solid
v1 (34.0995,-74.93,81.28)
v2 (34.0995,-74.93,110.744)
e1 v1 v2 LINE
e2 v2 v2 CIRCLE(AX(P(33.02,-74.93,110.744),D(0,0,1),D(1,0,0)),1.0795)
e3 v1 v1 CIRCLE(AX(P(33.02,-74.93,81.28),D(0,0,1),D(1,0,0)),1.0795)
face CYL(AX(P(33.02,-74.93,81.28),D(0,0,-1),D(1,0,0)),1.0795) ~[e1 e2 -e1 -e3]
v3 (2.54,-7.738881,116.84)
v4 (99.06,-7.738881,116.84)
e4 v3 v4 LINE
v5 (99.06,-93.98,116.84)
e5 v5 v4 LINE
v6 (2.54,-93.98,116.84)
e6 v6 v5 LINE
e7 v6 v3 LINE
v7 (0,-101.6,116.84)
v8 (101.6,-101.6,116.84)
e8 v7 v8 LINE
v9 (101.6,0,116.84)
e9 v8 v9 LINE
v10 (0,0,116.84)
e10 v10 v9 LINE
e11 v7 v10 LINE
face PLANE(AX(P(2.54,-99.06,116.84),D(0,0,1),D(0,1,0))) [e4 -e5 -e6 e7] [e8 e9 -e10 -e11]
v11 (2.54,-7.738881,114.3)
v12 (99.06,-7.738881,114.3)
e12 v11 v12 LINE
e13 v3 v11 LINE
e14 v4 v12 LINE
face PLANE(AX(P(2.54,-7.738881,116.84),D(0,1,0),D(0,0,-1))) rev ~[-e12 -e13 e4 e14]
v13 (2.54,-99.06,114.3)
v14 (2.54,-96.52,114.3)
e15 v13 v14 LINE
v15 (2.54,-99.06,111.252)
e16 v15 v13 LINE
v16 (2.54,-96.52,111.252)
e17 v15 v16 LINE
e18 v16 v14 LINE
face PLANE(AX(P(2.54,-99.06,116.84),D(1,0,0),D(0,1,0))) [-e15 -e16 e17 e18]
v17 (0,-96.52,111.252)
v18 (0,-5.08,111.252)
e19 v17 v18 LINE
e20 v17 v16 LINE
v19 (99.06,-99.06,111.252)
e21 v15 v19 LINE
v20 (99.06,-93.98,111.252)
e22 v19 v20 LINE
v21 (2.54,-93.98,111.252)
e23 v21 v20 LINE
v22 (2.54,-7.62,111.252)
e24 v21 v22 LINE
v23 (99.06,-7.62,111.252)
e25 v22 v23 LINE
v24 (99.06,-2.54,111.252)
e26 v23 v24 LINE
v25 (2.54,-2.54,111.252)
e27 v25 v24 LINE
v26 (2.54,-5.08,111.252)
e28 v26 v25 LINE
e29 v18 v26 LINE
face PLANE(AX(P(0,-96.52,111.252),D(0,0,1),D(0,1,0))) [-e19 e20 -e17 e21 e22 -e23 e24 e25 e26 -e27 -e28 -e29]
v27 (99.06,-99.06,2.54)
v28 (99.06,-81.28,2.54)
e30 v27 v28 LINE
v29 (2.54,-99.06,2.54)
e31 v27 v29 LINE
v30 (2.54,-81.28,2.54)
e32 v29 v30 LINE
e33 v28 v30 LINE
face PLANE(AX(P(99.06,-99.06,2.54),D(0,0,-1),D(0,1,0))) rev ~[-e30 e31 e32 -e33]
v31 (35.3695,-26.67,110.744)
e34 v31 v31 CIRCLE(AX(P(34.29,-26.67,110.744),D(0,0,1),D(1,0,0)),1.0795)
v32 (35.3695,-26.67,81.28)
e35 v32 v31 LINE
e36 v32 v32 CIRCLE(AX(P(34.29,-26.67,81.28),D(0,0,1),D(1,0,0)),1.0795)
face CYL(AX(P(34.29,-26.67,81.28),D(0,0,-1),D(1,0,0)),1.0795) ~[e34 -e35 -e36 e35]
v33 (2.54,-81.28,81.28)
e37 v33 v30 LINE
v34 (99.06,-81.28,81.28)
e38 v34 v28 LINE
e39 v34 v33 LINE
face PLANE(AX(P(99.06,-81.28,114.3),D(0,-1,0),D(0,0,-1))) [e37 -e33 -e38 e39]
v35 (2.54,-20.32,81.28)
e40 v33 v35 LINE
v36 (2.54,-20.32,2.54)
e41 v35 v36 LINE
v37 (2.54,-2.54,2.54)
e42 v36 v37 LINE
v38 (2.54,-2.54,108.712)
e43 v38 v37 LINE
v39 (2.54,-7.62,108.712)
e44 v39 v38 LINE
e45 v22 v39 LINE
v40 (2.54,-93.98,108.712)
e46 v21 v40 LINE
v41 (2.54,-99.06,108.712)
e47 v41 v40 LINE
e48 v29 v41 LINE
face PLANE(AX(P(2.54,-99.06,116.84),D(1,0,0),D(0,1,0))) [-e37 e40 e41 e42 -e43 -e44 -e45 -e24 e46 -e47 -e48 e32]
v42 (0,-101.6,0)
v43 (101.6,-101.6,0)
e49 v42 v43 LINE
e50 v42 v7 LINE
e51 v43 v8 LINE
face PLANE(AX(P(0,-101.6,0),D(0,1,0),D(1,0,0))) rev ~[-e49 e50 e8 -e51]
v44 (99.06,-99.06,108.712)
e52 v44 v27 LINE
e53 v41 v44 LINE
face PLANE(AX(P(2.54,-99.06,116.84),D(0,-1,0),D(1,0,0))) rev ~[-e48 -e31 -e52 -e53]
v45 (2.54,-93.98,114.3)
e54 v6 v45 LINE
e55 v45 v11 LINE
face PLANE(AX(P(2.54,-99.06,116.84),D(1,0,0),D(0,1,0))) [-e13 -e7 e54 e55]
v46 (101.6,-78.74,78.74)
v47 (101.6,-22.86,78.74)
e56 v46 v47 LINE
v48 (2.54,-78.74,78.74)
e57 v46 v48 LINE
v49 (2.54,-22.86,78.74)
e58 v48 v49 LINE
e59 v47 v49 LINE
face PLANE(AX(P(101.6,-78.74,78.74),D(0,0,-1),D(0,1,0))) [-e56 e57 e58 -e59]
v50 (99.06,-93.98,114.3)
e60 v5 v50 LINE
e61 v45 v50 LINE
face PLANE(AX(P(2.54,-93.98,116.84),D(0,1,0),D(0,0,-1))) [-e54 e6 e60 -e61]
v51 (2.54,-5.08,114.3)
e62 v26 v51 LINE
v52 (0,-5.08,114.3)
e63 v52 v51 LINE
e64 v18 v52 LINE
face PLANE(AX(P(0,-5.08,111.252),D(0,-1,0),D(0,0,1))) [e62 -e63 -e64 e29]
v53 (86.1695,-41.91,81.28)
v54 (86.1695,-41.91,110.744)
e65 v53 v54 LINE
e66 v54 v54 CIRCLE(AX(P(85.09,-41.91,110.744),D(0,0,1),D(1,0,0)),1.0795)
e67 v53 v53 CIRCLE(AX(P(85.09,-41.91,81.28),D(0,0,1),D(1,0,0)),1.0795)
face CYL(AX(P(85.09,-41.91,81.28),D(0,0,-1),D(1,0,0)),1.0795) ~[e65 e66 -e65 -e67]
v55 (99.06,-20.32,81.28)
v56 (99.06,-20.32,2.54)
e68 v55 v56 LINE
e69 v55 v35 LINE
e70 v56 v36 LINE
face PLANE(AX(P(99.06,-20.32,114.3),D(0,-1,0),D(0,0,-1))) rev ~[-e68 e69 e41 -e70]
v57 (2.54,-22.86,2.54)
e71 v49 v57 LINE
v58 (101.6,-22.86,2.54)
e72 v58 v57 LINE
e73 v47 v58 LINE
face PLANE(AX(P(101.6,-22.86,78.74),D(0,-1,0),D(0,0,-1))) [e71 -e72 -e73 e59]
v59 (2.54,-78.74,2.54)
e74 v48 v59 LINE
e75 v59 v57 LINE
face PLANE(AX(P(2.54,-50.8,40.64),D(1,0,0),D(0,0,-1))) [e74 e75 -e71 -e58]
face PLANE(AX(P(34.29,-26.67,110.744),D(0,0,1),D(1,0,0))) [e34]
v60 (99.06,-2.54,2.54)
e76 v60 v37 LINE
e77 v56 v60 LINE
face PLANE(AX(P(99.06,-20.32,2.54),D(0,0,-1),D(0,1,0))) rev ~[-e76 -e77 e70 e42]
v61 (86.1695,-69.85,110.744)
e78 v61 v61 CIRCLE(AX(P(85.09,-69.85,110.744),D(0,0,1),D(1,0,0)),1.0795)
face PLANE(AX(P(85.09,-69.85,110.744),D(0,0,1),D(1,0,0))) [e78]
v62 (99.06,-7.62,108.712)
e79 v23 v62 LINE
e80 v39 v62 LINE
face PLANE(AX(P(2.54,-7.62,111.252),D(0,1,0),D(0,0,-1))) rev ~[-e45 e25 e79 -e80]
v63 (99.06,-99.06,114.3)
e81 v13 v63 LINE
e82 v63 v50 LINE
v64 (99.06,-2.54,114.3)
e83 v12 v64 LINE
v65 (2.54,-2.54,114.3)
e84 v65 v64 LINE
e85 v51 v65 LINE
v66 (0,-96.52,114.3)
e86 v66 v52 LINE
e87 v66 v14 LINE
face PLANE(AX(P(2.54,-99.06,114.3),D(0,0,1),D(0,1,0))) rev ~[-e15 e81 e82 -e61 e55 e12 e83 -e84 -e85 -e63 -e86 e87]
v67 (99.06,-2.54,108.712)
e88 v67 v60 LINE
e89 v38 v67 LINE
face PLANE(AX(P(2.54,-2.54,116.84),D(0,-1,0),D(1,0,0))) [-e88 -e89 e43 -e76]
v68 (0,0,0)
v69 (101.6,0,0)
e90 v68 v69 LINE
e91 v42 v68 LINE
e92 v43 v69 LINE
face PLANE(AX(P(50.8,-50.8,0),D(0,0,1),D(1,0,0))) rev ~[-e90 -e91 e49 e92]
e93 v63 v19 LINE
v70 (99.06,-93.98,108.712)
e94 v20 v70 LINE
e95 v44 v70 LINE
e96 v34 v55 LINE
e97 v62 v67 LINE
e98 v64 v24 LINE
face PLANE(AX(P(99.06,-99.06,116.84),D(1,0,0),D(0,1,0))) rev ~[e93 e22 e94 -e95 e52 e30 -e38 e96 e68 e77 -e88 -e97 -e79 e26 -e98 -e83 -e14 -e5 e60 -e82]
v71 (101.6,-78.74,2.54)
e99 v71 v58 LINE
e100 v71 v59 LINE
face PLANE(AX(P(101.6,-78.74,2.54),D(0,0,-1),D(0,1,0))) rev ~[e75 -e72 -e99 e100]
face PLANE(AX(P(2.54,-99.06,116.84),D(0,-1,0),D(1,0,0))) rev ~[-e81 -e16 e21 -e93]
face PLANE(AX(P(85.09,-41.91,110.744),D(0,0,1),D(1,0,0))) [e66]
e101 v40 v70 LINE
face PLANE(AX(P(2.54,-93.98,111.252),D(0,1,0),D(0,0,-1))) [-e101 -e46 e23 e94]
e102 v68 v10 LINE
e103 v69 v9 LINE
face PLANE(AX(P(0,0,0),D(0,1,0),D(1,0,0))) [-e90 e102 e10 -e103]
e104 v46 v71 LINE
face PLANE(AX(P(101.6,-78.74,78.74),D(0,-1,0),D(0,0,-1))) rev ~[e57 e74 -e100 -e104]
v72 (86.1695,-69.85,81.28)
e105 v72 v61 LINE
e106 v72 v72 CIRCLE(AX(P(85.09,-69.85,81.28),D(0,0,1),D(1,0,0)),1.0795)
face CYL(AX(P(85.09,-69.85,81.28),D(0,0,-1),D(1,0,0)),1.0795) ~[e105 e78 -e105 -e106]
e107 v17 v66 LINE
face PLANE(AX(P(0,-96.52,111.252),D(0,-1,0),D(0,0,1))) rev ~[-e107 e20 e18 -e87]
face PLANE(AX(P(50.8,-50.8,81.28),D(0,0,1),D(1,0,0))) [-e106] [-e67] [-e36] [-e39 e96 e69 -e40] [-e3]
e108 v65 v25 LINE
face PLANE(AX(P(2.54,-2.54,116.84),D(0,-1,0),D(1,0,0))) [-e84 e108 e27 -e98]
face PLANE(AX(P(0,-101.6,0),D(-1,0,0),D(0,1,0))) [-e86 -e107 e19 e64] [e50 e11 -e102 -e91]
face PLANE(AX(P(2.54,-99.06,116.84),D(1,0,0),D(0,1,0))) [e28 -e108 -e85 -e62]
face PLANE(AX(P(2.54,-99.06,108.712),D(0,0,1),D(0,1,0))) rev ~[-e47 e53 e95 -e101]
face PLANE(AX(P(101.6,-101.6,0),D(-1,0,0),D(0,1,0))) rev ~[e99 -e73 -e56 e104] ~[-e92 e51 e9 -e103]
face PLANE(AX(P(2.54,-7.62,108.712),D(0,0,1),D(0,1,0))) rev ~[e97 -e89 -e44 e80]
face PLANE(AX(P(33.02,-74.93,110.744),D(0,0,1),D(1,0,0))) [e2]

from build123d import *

# Parameters (mm, degrees)
SKETCH1_W           = 101.6
SKETCH1_H           = 101.6
BOSS_EXTRUDE2_DEPTH = 116.84
SKETCH2_W           = 76.2
SKETCH2_H           = 55.88
CUT_EXTRUDE1_DEPTH  = 99.06
SKETCH3_W           = 111.76
SKETCH3_H           = 17.78
CUT_EXTRUDE2_DEPTH  = 96.52
SKETCH4_W           = 96.52
SKETCH4_H           = 96.52
CUT_EXTRUDE3_DEPTH  = 35.56
SKETCH5_R           = 1.0795
BOSS_EXTRUDE3_DEPTH = 29.464
SKETCH8_W           = 3.048
SKETCH8_H           = 91.44
CUT_EXTRUDE4_DEPTH  = 2.54
SKETCH10_W          = 2.54
SKETCH10_H          = 5.08
SKETCH10_H_2        = 5.198880867
BOSS_EXTRUDE4_DEPTH = 96.52


with BuildPart() as part:
    # Sketch1 → Boss-Extrude2 (new body)
    with BuildSketch(Plane.XY):
        with Locations((50.8, -50.8)):
            Rectangle(SKETCH1_W, SKETCH1_H)
    extrude(amount=BOSS_EXTRUDE2_DEPTH)

    # Sketch2 → Cut-Extrude1 (cut)
    with BuildSketch(Plane(origin=(101.6, 0, 0), x_dir=(0, 0, -1), z_dir=(1, 0, 0))):
        with Locations((-40.64, -50.8)):
            Rectangle(SKETCH2_W, SKETCH2_H)
    extrude(amount=-CUT_EXTRUDE1_DEPTH, mode=Mode.SUBTRACT)

    # Sketch3 → Cut-Extrude2 (cut)
    with BuildSketch(Plane(origin=(99.06, 0, 0), x_dir=(0, 0, -1), z_dir=(1, 0, 0))):
        with Locations((-58.42, -90.17)):
            Rectangle(SKETCH3_W, SKETCH3_H)
        with Locations((-58.42, -11.43)):
            Rectangle(SKETCH3_W, SKETCH3_H)
    extrude(amount=-CUT_EXTRUDE2_DEPTH, mode=Mode.SUBTRACT)

    # Sketch4 → Cut-Extrude3 (cut)
    with BuildSketch(Plane.XY.offset(116.84)):
        with Locations((50.8, -50.8)):
            Rectangle(SKETCH4_W, SKETCH4_H)
    extrude(amount=-CUT_EXTRUDE3_DEPTH, mode=Mode.SUBTRACT)

    # Sketch5 → Boss-Extrude3 (add)
    with BuildSketch(Plane.XY.offset(81.28)):
        with Locations((85.09, -41.91)):
            Circle(SKETCH5_R)
        with Locations((85.09, -69.85)):
            Circle(SKETCH5_R)
        with Locations((34.29, -26.67)):
            Circle(SKETCH5_R)
        with Locations((33.02, -74.93)):
            Circle(SKETCH5_R)
    extrude(amount=BOSS_EXTRUDE3_DEPTH)

    # Sketch8 → Cut-Extrude4 (cut)
    with BuildSketch(Plane.ZY):
        with Locations((112.776, -50.8)):
            Rectangle(SKETCH8_W, SKETCH8_H)
    extrude(amount=-CUT_EXTRUDE4_DEPTH, mode=Mode.SUBTRACT)

    # Sketch10 → Boss-Extrude4 (add)
    with BuildSketch(Plane(origin=(2.54, 0, 0), x_dir=(0, 0, -1), z_dir=(1, 0, 0))):
        with Locations((-115.57, -96.52)):
            Rectangle(SKETCH10_W, SKETCH10_H)
        with Locations((-109.982, -96.52)):
            Rectangle(SKETCH10_W, SKETCH10_H)
        with Locations((-115.57, -5.139440434)):
            Rectangle(SKETCH10_W, SKETCH10_H_2)
        with Locations((-109.982, -5.08)):
            Rectangle(SKETCH10_W, SKETCH10_H)
    extrude(amount=BOSS_EXTRUDE4_DEPTH)


solid = part.part
